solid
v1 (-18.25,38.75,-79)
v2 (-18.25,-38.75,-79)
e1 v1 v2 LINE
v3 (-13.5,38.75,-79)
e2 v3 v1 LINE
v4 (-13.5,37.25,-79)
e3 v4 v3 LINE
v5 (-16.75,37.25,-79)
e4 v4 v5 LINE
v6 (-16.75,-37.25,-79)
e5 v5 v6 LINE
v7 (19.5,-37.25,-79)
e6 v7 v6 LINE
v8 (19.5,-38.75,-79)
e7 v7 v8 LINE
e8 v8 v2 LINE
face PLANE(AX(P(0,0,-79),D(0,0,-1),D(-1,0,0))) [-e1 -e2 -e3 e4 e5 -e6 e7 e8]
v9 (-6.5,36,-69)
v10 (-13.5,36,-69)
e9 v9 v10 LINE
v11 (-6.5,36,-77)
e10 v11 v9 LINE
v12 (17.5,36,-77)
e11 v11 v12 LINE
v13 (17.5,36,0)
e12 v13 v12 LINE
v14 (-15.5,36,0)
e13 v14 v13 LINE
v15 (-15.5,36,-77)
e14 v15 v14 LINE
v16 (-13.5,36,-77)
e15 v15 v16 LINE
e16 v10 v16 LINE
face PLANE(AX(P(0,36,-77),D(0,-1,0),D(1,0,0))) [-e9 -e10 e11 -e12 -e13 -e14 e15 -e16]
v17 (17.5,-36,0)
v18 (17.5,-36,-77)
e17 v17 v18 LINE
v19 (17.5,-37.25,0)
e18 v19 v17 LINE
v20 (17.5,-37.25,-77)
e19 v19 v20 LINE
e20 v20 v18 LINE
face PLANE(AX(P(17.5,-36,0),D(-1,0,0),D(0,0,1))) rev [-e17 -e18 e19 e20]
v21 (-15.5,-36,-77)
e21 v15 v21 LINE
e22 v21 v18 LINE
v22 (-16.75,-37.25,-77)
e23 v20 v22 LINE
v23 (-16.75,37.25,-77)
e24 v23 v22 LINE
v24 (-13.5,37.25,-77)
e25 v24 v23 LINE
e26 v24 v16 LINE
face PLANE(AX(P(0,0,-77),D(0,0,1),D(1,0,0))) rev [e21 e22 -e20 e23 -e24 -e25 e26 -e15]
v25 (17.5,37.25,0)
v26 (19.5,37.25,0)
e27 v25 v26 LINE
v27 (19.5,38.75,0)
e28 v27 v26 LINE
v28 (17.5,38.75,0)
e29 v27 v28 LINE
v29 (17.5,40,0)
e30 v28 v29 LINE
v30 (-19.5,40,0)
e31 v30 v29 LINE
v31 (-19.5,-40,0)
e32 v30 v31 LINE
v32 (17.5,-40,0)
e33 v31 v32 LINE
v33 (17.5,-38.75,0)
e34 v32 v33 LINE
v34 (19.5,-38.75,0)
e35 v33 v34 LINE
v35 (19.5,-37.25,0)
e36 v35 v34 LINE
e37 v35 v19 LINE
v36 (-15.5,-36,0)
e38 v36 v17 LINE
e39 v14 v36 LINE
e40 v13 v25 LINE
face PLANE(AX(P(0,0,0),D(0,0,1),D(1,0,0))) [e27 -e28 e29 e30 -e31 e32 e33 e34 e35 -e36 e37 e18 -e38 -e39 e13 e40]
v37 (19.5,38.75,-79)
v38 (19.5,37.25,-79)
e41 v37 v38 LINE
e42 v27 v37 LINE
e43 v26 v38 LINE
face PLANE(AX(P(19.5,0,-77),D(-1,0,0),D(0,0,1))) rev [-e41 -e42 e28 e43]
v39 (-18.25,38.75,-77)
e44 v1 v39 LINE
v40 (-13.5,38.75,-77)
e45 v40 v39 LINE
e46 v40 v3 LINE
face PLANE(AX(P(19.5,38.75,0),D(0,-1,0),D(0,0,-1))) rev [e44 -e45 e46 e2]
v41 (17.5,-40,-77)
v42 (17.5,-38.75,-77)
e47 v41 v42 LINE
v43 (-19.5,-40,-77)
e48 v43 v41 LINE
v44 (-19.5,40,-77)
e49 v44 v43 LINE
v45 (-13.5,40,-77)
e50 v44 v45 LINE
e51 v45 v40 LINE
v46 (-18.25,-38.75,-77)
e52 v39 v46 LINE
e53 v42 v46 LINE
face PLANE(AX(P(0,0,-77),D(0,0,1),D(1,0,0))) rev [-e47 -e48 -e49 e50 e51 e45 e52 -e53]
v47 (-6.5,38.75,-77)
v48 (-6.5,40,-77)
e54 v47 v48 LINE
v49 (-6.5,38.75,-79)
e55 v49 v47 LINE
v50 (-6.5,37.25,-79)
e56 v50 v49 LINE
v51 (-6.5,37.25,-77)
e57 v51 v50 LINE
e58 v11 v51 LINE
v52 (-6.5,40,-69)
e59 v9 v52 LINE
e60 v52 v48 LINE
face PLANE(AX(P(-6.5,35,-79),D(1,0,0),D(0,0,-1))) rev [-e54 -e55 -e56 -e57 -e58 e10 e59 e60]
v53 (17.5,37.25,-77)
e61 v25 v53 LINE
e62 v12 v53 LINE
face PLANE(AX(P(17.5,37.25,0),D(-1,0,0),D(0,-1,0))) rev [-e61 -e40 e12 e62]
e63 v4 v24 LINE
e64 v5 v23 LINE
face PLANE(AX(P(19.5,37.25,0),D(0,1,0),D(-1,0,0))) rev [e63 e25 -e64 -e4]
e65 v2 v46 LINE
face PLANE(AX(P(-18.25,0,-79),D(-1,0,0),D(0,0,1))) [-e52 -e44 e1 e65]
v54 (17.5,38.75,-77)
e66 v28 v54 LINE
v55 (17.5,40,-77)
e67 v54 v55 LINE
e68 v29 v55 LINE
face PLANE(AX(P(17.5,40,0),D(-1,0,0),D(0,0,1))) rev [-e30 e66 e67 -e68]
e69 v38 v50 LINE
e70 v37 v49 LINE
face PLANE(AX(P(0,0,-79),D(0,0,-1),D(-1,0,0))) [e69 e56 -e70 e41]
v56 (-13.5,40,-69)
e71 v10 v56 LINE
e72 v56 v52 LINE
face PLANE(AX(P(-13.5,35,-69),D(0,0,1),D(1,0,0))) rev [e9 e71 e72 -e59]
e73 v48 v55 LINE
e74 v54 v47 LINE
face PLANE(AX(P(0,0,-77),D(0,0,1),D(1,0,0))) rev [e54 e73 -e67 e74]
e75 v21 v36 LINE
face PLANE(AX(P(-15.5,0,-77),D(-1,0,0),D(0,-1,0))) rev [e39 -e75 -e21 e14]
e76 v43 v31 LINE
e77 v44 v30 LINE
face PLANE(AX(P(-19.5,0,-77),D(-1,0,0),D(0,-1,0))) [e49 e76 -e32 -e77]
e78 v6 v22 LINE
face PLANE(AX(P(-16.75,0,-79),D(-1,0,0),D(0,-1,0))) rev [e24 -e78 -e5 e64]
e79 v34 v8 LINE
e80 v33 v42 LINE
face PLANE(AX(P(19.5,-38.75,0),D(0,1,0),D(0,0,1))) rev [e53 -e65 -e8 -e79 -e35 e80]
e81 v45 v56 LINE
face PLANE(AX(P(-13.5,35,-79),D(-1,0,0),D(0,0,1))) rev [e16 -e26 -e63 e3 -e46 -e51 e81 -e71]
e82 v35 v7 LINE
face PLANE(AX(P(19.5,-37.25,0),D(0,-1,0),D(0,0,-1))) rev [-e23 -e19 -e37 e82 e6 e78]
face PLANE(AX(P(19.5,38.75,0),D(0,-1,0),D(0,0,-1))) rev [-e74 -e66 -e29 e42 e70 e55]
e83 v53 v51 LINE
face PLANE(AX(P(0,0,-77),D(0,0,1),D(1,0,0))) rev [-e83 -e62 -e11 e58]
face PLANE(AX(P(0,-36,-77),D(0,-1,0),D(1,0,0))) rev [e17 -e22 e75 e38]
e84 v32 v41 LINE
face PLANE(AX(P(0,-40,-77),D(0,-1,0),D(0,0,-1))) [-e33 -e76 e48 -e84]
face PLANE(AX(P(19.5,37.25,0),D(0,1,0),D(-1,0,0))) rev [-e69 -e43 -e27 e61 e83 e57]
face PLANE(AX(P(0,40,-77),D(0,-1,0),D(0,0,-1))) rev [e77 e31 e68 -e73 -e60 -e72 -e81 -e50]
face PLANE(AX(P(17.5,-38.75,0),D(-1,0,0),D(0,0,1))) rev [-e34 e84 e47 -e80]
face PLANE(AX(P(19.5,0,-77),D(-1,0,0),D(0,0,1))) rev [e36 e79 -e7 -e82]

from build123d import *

# Parameters (mm, degrees)
Y_KSEKLIK_EKSTR_ZYON2_DEPTH = 77
IZIM3_W                     = 2
IZIM3_H                     = 1.25
KES_EKSTR_ZYON1_DEPTH       = 77
IZIM6_W                     = 1.5
IZIM6_H                     = 74.5
Y_KSEKLIK_EKSTR_ZYON3_DEPTH = 2
IZIM7_W                     = 7
IZIM7_H                     = 10
KES_EKSTR_ZYON2_DEPTH       = 5


with BuildPart() as part:
    # Çizim2 → Yükseklik-Ekstrüzyon2 (new body)
    with BuildSketch(Plane.XY):
        Polygon((19.5, 40), (-19.5, 40), (-19.5, -40), (19.5, -40), (19.5, -36), (-15.5, -36), (-15.5, 36), (19.5, 36), align=None)
    extrude(amount=-Y_KSEKLIK_EKSTR_ZYON2_DEPTH)

    # Çizim3 → Kes-Ekstrüzyon1 (cut)
    with BuildSketch(Plane(origin=(0, 0, -77), x_dir=(-1, 0, 0), z_dir=(0, 0, -1))):
        with Locations((-18.5, -36.625)):
            Rectangle(IZIM3_W, IZIM3_H)
        with Locations((-18.5, -39.375)):
            Rectangle(IZIM3_W, IZIM3_H)
        with Locations((-18.5, 39.375)):
            Rectangle(IZIM3_W, IZIM3_H)
        with Locations((-18.5, 36.625)):
            Rectangle(IZIM3_W, IZIM3_H)
    extrude(amount=-KES_EKSTR_ZYON1_DEPTH, mode=Mode.SUBTRACT)

    # Çizim6 → Yükseklik-Ekstrüzyon3 (add)
    with BuildSketch(Plane(origin=(0, 0, -77), x_dir=(-1, 0, 0), z_dir=(0, 0, -1))):
        Polygon((-17.5, 38.75), (-19.5, 38.75), (-19.5, 37.25), (-17.5, 37.25), (16.75, 37.25), (18.25, 37.25), (18.25, 38.75), align=None)
        with Locations((17.5, 0)):
            Rectangle(IZIM6_W, IZIM6_H)
        Polygon((18.25, -38.75), (18.25, -37.25), (16.75, -37.25), (-17.5, -37.25), (-19.5, -37.25), (-19.5, -38.75), (-17.5, -38.75), align=None)
    extrude(amount=Y_KSEKLIK_EKSTR_ZYON3_DEPTH)

    # Çizim7 → Kes-Ekstrüzyon2 (cut)
    with BuildSketch(Plane(origin=(0, 40, 0), x_dir=(1, 0, 0), z_dir=(0, 1, 0))):
        with Locations((-10, 74)):
            Rectangle(IZIM7_W, IZIM7_H)
    extrude(amount=-KES_EKSTR_ZYON2_DEPTH, mode=Mode.SUBTRACT)


solid = part.part
